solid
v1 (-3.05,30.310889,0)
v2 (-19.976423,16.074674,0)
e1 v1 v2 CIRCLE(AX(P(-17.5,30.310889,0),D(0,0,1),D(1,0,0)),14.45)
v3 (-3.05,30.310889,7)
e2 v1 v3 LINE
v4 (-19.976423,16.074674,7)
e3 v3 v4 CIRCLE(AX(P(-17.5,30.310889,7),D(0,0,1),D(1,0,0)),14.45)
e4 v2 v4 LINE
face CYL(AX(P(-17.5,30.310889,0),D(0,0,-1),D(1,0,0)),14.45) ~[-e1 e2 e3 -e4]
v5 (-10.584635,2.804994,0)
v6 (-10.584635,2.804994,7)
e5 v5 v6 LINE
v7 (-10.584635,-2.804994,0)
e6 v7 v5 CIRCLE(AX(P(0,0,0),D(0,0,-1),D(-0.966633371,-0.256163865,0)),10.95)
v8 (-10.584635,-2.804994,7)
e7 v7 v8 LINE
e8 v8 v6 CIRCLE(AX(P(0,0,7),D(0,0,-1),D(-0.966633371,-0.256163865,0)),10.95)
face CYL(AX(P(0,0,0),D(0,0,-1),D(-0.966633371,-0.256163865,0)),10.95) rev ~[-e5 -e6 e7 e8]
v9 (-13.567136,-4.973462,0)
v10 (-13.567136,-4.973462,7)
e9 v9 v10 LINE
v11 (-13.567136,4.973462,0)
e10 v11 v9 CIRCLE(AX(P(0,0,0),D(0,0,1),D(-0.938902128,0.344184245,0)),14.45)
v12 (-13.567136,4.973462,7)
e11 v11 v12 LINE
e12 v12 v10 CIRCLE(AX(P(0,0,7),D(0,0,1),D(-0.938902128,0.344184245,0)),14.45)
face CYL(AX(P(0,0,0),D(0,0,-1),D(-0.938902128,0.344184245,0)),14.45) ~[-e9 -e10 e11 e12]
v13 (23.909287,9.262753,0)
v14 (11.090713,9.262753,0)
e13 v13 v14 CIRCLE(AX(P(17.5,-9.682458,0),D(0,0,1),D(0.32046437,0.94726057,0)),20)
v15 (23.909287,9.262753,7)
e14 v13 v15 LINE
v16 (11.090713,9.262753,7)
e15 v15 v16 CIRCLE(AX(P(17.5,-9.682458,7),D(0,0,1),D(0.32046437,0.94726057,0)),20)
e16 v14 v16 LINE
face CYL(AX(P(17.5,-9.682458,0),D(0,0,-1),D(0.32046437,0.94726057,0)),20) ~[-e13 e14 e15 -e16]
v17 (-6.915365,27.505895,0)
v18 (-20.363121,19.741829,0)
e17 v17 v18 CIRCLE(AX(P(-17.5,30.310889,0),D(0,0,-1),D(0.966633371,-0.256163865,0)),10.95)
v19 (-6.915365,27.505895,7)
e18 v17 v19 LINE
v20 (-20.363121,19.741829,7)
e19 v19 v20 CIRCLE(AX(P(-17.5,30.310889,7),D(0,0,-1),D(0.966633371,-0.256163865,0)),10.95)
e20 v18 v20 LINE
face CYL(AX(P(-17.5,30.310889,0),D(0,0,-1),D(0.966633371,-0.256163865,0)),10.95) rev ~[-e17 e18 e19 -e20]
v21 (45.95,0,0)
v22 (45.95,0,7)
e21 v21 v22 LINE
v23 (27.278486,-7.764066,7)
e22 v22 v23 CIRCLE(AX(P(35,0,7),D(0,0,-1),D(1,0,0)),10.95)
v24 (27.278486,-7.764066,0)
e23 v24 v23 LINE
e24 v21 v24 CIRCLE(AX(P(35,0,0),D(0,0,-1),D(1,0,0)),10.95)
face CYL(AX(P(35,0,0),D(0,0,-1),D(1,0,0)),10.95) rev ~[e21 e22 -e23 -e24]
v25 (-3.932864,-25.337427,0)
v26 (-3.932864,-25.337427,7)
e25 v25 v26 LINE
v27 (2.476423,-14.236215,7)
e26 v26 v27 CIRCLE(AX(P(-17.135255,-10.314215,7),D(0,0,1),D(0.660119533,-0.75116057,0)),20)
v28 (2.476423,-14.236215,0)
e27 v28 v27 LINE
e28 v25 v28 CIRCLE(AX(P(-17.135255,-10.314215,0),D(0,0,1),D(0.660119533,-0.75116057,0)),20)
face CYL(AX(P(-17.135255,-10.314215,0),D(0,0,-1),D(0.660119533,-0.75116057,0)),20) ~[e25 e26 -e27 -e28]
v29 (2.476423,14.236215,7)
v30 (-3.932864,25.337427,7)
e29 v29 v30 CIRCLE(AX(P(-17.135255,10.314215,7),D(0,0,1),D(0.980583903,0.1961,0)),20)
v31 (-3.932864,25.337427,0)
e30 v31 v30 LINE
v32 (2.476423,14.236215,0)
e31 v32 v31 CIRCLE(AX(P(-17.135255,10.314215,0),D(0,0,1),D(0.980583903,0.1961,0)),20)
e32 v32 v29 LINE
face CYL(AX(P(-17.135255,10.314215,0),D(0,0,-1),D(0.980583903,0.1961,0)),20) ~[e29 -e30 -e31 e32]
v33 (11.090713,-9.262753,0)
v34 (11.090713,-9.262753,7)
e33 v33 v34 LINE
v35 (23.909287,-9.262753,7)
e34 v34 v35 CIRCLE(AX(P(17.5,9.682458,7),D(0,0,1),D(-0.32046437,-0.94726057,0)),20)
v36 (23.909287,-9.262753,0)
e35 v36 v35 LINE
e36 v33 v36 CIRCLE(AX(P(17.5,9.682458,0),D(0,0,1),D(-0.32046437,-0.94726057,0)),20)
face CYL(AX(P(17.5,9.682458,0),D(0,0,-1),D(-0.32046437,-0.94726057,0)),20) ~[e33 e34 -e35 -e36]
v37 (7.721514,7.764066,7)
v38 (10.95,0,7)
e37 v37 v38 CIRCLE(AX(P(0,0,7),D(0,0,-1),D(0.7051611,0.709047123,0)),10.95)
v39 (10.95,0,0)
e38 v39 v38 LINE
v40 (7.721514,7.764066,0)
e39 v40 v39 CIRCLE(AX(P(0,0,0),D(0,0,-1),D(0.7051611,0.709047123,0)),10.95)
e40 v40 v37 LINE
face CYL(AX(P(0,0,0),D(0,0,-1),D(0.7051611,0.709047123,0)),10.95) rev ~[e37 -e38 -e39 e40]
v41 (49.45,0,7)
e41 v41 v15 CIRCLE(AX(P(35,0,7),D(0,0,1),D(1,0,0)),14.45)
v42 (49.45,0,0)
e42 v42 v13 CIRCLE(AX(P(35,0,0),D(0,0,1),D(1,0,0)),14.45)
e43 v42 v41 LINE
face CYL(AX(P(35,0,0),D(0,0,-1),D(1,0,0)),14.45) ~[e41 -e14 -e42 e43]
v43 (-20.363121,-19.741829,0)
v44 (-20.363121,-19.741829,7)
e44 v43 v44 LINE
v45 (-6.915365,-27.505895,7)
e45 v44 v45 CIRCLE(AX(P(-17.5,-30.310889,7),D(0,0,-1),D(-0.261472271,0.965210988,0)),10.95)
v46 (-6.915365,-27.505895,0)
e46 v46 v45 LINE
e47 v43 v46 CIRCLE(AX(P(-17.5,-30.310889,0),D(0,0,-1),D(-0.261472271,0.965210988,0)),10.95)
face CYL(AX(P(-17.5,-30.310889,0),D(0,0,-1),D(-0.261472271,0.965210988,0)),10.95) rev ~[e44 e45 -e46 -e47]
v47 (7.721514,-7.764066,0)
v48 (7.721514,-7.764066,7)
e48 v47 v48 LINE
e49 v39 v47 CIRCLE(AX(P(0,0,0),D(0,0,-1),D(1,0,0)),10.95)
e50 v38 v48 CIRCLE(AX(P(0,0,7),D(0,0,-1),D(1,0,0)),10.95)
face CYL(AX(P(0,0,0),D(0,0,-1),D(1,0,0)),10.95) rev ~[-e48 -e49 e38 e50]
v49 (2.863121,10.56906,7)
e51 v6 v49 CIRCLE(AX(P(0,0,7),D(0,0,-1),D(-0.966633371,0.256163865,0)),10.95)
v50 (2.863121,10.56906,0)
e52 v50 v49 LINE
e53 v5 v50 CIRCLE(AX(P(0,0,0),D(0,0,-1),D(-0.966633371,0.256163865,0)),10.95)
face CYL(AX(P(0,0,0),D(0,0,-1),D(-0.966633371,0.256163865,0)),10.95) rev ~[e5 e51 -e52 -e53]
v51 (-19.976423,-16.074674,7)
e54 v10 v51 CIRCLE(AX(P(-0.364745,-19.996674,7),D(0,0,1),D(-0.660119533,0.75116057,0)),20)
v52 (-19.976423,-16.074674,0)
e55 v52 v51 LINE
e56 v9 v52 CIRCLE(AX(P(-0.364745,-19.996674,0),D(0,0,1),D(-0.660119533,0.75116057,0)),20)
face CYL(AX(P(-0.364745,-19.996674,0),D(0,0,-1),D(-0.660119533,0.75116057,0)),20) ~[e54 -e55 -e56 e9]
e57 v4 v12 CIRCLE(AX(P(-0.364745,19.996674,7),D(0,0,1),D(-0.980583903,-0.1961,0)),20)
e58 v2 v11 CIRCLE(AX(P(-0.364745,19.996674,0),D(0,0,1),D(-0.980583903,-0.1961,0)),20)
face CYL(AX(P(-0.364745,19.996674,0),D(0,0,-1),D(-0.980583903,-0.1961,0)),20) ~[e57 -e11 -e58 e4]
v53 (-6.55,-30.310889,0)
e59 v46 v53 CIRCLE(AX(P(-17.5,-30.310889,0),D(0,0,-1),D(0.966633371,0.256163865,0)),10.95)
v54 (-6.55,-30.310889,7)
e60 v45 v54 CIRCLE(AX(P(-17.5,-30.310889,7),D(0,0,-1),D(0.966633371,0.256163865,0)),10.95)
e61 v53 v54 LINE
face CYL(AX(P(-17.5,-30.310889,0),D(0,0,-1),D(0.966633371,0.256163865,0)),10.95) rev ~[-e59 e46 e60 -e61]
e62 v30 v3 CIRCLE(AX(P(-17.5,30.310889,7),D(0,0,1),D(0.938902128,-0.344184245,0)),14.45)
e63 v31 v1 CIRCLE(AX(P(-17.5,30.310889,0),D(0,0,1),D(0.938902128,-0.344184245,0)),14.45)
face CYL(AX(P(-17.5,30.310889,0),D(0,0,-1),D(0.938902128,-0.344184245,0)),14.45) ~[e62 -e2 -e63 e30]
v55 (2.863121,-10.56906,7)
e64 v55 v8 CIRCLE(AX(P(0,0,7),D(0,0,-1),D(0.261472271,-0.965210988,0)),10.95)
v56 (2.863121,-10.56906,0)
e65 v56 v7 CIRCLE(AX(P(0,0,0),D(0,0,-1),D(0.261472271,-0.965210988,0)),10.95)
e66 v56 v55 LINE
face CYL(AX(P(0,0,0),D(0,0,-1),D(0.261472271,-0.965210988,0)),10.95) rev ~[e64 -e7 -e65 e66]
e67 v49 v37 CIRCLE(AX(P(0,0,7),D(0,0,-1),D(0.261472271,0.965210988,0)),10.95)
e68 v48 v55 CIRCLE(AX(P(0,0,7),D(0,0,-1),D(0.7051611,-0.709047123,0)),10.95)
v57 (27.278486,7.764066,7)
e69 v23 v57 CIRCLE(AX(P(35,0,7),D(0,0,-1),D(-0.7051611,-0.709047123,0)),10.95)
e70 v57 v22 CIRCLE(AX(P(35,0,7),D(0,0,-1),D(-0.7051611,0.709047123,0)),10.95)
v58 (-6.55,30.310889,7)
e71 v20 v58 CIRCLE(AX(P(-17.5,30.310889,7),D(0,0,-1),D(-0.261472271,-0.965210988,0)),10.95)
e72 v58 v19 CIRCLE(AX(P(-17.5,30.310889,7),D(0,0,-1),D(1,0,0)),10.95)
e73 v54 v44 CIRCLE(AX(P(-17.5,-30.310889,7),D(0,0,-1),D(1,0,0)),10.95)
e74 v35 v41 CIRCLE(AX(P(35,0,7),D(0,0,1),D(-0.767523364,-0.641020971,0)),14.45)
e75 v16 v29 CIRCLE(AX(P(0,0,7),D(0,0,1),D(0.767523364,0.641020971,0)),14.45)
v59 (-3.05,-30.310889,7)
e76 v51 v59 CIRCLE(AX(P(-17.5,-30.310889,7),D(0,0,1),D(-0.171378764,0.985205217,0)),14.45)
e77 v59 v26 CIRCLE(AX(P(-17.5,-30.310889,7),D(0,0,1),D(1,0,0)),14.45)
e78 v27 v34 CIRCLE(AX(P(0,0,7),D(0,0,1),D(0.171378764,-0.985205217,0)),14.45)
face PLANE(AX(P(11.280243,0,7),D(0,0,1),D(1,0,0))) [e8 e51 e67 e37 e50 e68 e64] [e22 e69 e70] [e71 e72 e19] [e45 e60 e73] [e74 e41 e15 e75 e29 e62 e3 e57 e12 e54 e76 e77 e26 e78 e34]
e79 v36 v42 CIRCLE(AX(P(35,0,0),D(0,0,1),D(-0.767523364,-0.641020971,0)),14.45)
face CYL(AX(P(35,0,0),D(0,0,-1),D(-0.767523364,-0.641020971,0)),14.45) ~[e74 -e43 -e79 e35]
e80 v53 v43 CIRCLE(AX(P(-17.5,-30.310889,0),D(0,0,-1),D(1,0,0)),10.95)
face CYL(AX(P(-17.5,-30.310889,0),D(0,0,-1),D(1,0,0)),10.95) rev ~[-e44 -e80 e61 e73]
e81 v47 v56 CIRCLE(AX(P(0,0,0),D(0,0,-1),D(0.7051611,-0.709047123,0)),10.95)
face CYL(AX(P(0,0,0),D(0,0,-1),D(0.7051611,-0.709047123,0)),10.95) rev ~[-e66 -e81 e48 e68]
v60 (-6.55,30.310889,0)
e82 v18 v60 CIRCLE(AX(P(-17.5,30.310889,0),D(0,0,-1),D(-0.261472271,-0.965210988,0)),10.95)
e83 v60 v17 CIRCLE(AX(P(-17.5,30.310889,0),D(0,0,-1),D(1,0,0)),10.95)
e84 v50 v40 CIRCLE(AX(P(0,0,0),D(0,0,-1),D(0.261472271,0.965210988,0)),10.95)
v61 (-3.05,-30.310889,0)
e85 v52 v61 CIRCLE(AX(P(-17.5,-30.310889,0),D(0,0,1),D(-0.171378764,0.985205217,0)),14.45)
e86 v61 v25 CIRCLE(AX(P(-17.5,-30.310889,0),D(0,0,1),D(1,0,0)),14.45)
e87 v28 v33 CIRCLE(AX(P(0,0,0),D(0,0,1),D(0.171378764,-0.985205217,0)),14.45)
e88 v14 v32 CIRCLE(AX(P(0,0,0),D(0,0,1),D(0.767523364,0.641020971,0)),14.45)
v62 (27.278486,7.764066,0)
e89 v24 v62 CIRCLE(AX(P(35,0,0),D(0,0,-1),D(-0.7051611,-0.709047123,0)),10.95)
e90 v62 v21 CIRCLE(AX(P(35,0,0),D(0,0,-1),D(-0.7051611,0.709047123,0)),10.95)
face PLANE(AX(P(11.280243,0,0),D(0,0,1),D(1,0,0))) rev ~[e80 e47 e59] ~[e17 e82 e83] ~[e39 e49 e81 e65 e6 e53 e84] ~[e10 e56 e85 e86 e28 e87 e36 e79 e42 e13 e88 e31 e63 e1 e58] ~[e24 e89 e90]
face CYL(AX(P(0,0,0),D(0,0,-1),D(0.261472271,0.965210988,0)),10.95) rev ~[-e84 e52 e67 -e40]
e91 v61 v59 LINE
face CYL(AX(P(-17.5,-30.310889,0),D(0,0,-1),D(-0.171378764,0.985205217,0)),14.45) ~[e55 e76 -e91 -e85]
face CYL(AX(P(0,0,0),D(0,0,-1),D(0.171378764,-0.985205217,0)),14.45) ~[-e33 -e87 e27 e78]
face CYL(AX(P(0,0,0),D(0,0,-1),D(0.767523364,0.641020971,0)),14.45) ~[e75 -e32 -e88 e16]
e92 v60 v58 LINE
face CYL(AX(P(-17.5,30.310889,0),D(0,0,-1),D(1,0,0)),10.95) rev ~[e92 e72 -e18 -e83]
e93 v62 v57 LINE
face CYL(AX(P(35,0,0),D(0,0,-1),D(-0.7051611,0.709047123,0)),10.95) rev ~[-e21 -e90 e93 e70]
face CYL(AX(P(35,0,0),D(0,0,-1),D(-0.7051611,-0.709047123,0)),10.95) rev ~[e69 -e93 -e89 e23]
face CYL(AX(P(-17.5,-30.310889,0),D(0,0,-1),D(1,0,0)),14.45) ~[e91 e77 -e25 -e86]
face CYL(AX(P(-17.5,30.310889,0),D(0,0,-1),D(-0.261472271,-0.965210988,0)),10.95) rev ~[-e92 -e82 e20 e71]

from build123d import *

# Parameters (mm, degrees)
F1_DEPTH = 7


with BuildPart() as f1:
    # F0 (on Top) → F1 (new body)
    with BuildSketch(Plane.XY):
        with BuildLine():
            ThreePointArc((7.7215140452, 7.7640659999), (10.1107140894, 4.2042788445), (10.95, 0))
            ThreePointArc((10.95, 0), (10.1107140894, -4.2042788445), (7.7215140452, -7.7640659999))
            ThreePointArc((7.7215140452, -7.7640659999), (9.3714996961, -8.5912244272), (11.0907126081, -9.2627530381))
            ThreePointArc((11.0907126081, -9.2627530381), (13.5842426581, -4.9265455856), (14.45, 0))
            ThreePointArc((14.45, 0), (13.5842426581, 4.9265455856), (11.0907126081, 9.2627530381))
            ThreePointArc((11.0907126081, 9.2627530381), (9.3714996961, 8.5912244272), (7.7215140452, 7.7640659999))
        make_face()
        with BuildLine():
            ThreePointArc((2.8631213699, 10.5690603187), (5.475, 9.4829781714), (7.7215140452, 7.7640659999))
            ThreePointArc((7.7215140452, 7.7640659999), (9.3714996961, 8.5912244272), (11.0907126081, 9.2627530381))
            ThreePointArc((11.0907126081, 9.2627530381), (7.225, 12.5140670847), (2.4764231359, 14.2362153837))
            ThreePointArc((2.4764231359, 14.2362153837), (2.7544687555, 12.411569022), (2.8631213699, 10.5690603187))
        make_face()
        with BuildLine():
            ThreePointArc((11.0907126081, -9.2627530381), (9.3714996961, -8.5912244272), (7.7215140452, -7.7640659999))
            ThreePointArc((7.7215140452, -7.7640659999), (5.475, -9.4829781714), (2.8631213699, -10.5690603187))
            ThreePointArc((2.8631213699, -10.5690603187), (2.7544687555, -12.411569022), (2.4764231359, -14.2362153837))
            ThreePointArc((2.4764231359, -14.2362153837), (7.225, -12.5140670847), (11.0907126081, -9.2627530381))
        make_face()
        with BuildLine():
            ThreePointArc((-10.5846354151, 2.8049943189), (-5.475, 9.4829781714), (2.8631213699, 10.5690603187))
            ThreePointArc((2.8631213699, 10.5690603187), (2.7544687555, 12.411569022), (2.4764231359, 14.2362153837))
            ThreePointArc((2.4764231359, 14.2362153837), (-7.225, 12.5140670847), (-13.567135744, 4.9734623456))
            ThreePointArc((-13.567135744, 4.9734623456), (-12.1259684516, 3.8203445948), (-10.5846354151, 2.8049943189))
        make_face()
        with BuildLine():
            ThreePointArc((23.9092873919, 9.2627530381), (17.5, 10.3175416345), (11.0907126081, 9.2627530381))
            ThreePointArc((11.0907126081, 9.2627530381), (13.5842426581, 4.9265455856), (14.45, 0))
            ThreePointArc((14.45, 0), (13.5842426581, -4.9265455856), (11.0907126081, -9.2627530381))
            ThreePointArc((11.0907126081, -9.2627530381), (17.5, -10.3175416345), (23.9092873919, -9.2627530381))
            ThreePointArc((23.9092873919, -9.2627530381), (20.55, 0), (23.9092873919, 9.2627530381))
        make_face()
        with BuildLine():
            ThreePointArc((2.4764231359, -14.2362153837), (2.7544687555, -12.411569022), (2.8631213699, -10.5690603187))
            ThreePointArc((2.8631213699, -10.5690603187), (-5.475, -9.4829781714), (-10.5846354151, -2.8049943189))
            ThreePointArc((-10.5846354151, -2.8049943189), (-12.1259684516, -3.8203445948), (-13.567135744, -4.9734623456))
            ThreePointArc((-13.567135744, -4.9734623456), (-7.225, -12.5140670847), (2.4764231359, -14.2362153837))
        make_face()
        with BuildLine():
            ThreePointArc((-10.5846354151, -2.8049943189), (-10.95, 0), (-10.5846354151, 2.8049943189))
            ThreePointArc((-10.5846354151, 2.8049943189), (-12.1259684516, 3.8203445948), (-13.567135744, 4.9734623456))
            ThreePointArc((-13.567135744, 4.9734623456), (-14.45, 0), (-13.567135744, -4.9734623456))
            ThreePointArc((-13.567135744, -4.9734623456), (-12.1259684516, -3.8203445948), (-10.5846354151, -2.8049943189))
        make_face()
        with BuildLine():
            ThreePointArc((-13.567135744, 4.9734623456), (-7.225, 12.5140670847), (2.4764231359, 14.2362153837))
            ThreePointArc((2.4764231359, 14.2362153837), (0.1852531601, 20.3142153835), (-3.932864256, 25.3374267868))
            ThreePointArc((-3.932864256, 25.3374267868), (-10.275, 17.7968220478), (-19.9764231359, 16.0746737487))
            ThreePointArc((-19.9764231359, 16.0746737487), (-17.6852531601, 9.996673749), (-13.567135744, 4.9734623456))
        make_face()
        with BuildLine():
            ThreePointArc((27.2784859548, 7.7640659999), (25.6285003039, 8.5912244272), (23.9092873919, 9.2627530381))
            ThreePointArc((23.9092873919, 9.2627530381), (20.55, 0), (23.9092873919, -9.2627530381))
            ThreePointArc((23.9092873919, -9.2627530381), (25.6285003039, -8.5912244272), (27.2784859548, -7.7640659999))
            ThreePointArc((27.2784859548, -7.7640659999), (24.05, 0), (27.2784859548, 7.7640659999))
        make_face()
        with BuildLine():
            ThreePointArc((49.45, 0), (39.9265455856, 13.5842426581), (23.9092873919, 9.2627530381))
            ThreePointArc((23.9092873919, 9.2627530381), (25.6285003039, 8.5912244272), (27.2784859548, 7.7640659999))
            ThreePointArc((27.2784859548, 7.7640659999), (39.2042788445, 10.1107140894), (45.95, 0))
            ThreePointArc((45.95, 0), (39.2042788445, -10.1107140894), (27.2784859548, -7.7640659999))
            ThreePointArc((27.2784859548, -7.7640659999), (25.6285003039, -8.5912244272), (23.9092873919, -9.2627530381))
            ThreePointArc((23.9092873919, -9.2627530381), (39.9265455856, -13.5842426581), (49.45, 0))
        make_face()
        with BuildLine():
            ThreePointArc((-3.932864256, -25.3374267868), (0.1852531601, -20.3142153835), (2.4764231359, -14.2362153837))
            ThreePointArc((2.4764231359, -14.2362153837), (-7.225, -12.5140670847), (-13.567135744, -4.9734623456))
            ThreePointArc((-13.567135744, -4.9734623456), (-17.6852531601, -9.996673749), (-19.9764231359, -16.0746737487))
            ThreePointArc((-19.9764231359, -16.0746737487), (-10.275, -17.7968220478), (-3.932864256, -25.3374267868))
        make_face()
        with BuildLine():
            ThreePointArc((-6.9153645849, 27.5058948136), (-5.3740315484, 26.4905445377), (-3.932864256, 25.3374267868))
            ThreePointArc((-3.932864256, 25.3374267868), (-3.2724279742, 27.7852814334), (-3.05, 30.3108891325))
            ThreePointArc((-3.05, 30.3108891325), (-26.8010264403, 41.3695240915), (-19.9764231359, 16.0746737487))
            ThreePointArc((-19.9764231359, 16.0746737487), (-20.2544687555, 17.8993201105), (-20.3631213699, 19.7418288137))
            ThreePointArc((-20.3631213699, 19.7418288137), (-24.1539958295, 39.0072584611), (-6.55, 30.3108891325))
            ThreePointArc((-6.55, 30.3108891325), (-6.6417253259, 28.8965443717), (-6.9153645849, 27.5058948136))
        make_face()
        with BuildLine():
            ThreePointArc((-19.9764231359, 16.0746737487), (-10.275, 17.7968220478), (-3.932864256, 25.3374267868))
            ThreePointArc((-3.932864256, 25.3374267868), (-5.3740315484, 26.4905445377), (-6.9153645849, 27.5058948136))
            ThreePointArc((-6.9153645849, 27.5058948136), (-12.025, 20.827910961), (-20.3631213699, 19.7418288137))
            ThreePointArc((-20.3631213699, 19.7418288137), (-20.2544687555, 17.8993201105), (-19.9764231359, 16.0746737487))
        make_face()
        with BuildLine():
            ThreePointArc((-6.9153645849, -27.5058948136), (-5.3740315484, -26.4905445377), (-3.932864256, -25.3374267868))
            ThreePointArc((-3.932864256, -25.3374267868), (-10.275, -17.7968220478), (-19.9764231359, -16.0746737487))
            ThreePointArc((-19.9764231359, -16.0746737487), (-20.2544687555, -17.8993201105), (-20.3631213699, -19.7418288137))
            ThreePointArc((-20.3631213699, -19.7418288137), (-12.025, -20.827910961), (-6.9153645849, -27.5058948136))
        make_face()
        with BuildLine():
            ThreePointArc((-3.05, -30.3108891325), (-3.2724279742, -27.7852814334), (-3.932864256, -25.3374267868))
            ThreePointArc((-3.932864256, -25.3374267868), (-5.3740315484, -26.4905445377), (-6.9153645849, -27.5058948136))
            ThreePointArc((-6.9153645849, -27.5058948136), (-6.6417253259, -28.8965443717), (-6.55, -30.3108891325))
            ThreePointArc((-6.55, -30.3108891325), (-24.1539958295, -39.0072584611), (-20.3631213699, -19.7418288137))
            ThreePointArc((-20.3631213699, -19.7418288137), (-20.2544687555, -17.8993201105), (-19.9764231359, -16.0746737487))
            ThreePointArc((-19.9764231359, -16.0746737487), (-26.8010264403, -41.3695240915), (-3.05, -30.3108891325))
        make_face()
    extrude(amount=F1_DEPTH)


solid = f1.part
